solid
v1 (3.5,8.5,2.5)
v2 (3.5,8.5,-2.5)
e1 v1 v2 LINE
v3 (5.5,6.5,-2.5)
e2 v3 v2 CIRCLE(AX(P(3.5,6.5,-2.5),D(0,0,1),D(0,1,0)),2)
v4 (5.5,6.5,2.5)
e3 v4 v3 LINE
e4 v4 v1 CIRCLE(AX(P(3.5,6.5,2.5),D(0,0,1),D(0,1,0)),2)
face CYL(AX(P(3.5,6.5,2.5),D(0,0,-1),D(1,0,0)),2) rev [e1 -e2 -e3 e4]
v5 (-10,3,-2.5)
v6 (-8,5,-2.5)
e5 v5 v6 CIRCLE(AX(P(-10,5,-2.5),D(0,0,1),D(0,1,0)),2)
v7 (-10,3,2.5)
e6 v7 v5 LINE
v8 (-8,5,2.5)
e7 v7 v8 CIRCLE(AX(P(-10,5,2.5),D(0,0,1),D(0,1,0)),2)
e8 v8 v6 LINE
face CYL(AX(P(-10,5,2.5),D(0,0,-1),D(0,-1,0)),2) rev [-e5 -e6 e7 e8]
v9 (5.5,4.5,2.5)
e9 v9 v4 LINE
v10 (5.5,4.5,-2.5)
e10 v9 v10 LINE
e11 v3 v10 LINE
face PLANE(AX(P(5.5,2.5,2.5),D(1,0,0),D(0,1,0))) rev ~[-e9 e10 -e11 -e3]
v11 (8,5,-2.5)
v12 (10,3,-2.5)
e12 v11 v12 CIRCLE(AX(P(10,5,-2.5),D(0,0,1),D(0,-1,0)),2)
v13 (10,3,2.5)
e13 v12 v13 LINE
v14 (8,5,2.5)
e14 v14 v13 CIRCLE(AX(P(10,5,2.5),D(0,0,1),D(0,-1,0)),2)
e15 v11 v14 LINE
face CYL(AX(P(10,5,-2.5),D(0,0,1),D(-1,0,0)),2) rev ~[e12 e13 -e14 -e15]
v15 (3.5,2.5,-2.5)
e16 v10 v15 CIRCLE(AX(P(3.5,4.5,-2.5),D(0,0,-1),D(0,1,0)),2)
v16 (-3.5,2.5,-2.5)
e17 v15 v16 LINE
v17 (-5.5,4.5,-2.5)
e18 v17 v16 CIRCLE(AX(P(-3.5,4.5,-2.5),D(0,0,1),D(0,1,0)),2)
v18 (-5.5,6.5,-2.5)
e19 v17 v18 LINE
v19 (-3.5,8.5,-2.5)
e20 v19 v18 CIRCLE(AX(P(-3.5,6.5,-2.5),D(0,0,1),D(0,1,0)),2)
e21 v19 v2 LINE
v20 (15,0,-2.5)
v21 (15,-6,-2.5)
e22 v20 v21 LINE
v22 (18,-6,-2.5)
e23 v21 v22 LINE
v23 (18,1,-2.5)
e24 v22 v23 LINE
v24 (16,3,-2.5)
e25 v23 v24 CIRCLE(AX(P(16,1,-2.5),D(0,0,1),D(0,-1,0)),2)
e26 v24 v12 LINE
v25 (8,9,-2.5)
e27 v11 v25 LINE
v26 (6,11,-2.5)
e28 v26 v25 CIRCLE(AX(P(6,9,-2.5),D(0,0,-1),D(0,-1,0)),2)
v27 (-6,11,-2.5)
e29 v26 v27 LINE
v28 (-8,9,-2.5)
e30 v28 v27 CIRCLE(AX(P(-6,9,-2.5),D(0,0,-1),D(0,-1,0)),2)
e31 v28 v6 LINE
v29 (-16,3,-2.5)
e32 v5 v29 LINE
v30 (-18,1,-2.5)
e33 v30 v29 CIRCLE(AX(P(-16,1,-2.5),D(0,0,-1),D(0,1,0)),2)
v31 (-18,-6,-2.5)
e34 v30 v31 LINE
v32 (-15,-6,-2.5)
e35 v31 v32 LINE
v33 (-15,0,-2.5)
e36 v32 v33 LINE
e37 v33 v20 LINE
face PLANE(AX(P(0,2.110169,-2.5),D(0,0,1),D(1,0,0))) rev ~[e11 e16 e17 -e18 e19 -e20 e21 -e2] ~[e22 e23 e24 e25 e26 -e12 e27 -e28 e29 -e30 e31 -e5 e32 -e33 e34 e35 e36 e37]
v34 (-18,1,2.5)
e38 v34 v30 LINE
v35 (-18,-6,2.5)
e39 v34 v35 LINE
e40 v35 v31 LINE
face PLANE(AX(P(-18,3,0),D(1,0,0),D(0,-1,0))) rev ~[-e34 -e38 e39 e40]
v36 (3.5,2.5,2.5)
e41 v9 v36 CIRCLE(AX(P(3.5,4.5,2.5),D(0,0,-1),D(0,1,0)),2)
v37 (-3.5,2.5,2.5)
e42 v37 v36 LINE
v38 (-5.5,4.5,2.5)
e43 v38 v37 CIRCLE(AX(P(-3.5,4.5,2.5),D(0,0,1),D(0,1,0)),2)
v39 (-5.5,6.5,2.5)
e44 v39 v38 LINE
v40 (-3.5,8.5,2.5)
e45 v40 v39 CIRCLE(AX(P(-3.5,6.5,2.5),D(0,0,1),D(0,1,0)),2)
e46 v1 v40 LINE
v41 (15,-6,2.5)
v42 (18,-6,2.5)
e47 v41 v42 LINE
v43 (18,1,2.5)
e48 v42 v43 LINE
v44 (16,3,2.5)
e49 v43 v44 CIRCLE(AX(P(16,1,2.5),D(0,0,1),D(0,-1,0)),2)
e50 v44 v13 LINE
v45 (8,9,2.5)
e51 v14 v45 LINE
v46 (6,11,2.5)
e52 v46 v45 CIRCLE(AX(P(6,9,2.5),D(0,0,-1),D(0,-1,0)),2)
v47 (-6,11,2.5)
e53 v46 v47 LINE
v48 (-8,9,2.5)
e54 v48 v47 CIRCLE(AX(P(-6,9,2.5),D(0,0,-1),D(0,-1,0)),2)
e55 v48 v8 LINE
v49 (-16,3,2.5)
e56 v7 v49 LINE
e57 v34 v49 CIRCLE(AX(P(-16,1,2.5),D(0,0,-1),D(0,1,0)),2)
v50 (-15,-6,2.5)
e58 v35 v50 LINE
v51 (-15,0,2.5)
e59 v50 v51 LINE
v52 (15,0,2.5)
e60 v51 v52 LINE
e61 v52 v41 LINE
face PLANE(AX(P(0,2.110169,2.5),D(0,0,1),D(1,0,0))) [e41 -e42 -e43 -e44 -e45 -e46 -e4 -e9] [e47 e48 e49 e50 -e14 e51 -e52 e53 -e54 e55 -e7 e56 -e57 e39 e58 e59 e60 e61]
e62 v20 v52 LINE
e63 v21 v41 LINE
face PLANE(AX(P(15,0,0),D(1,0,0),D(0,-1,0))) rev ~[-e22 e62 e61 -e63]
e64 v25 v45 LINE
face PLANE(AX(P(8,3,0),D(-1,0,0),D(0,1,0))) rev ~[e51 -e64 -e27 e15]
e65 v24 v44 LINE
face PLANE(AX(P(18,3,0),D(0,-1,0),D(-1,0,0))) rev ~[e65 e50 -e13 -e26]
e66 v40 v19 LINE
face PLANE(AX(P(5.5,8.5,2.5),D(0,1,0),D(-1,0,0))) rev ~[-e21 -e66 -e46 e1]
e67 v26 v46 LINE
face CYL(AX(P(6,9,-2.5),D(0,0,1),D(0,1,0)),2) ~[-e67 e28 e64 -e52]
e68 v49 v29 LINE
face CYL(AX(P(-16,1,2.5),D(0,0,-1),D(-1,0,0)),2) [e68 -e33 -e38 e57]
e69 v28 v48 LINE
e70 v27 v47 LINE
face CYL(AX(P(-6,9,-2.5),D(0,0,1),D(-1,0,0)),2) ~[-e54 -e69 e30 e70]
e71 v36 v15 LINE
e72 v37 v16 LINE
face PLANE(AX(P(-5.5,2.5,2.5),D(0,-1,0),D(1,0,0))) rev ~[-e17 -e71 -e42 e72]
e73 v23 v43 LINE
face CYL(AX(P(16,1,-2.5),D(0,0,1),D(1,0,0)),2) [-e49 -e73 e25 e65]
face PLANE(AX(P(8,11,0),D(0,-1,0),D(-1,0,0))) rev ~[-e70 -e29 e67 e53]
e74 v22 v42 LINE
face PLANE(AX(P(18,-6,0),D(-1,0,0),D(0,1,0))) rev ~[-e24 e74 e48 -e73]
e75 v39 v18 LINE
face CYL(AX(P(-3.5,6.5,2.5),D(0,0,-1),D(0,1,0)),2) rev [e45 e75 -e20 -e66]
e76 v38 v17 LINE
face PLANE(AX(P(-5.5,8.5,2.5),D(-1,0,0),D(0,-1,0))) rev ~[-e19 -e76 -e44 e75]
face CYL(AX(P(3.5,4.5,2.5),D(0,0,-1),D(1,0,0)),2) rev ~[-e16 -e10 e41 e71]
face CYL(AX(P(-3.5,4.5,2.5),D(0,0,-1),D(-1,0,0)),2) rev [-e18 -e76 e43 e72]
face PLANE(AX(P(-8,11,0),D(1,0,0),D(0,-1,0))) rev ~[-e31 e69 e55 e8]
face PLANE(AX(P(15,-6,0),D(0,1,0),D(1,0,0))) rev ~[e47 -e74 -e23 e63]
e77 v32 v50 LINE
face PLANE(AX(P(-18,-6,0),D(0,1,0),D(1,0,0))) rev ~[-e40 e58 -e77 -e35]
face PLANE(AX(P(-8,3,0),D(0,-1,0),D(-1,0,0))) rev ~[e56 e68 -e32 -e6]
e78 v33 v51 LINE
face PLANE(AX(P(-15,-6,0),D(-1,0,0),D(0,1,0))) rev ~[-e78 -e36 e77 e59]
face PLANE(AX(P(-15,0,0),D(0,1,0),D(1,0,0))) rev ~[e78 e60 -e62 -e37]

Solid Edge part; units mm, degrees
sketch "Sketch1" plane through (0, 0, 0) normal (0, 0, 1) x (1, 0, 0)
  line L0 (-18, -6) -> (-15, -6)
  line L1 (-15, -6) -> (-15, 0)
  line L2 (-15, 0) -> (15, 0)
  line L3 (15, 0) -> (15, -6)
  line L4 (15, -6) -> (18, -6)
  line L5 (18, -6) -> (18, 3)
  line L6 (18, 3) -> (8, 3)
  line L7 (8, 3) -> (8, 11)
  line L8 (8, 11) -> (-8, 11)
  line L9 (-8, 11) -> (-8, 3)
  line L10 (-8, 3) -> (-18, 3)
  line L11 (-18, 3) -> (-18, -6)
  dimension "D1" = 3
  dimension "D2" = 30
  dimension "D3" = 16
  dimension "D4" = 6
  dimension "D5" = 3
  dimension "D6" = 8
extrude "Protrusion1" add sketch "Sketch1" along normal mid plane 5
sketch "Sketch2" plane through (0, 4.5, 2.5) normal (0, 0, 1) x (0, 1, 0)
  line L0 (-2, -5.5) -> (4, -5.5)
  line L1 (4, -5.5) -> (4, 5.5)
  line L2 (4, 5.5) -> (-2, 5.5)
  line L3 (-2, 5.5) -> (-2, -5.5)
  dimension "D1" = 2.5
  dimension "D2" = 2.5
  dimension "D3" = 6
extrude "Cutout1" cut sketch "Sketch2" against normal up to next
fillet "main_rounds" radius 2 10 edges at (8, 3, 0) (8, 11, 0) (5.5, 2.5, 0) (5.5, 8.5, 0) (-5.5, 8.5, 0) (-5.5, 2.5, 0) (-8, 3, 0) (-8, 11, 0) (-18, 3, 0) (18, 3, 0)
properties material "Polyethylene, low density"
